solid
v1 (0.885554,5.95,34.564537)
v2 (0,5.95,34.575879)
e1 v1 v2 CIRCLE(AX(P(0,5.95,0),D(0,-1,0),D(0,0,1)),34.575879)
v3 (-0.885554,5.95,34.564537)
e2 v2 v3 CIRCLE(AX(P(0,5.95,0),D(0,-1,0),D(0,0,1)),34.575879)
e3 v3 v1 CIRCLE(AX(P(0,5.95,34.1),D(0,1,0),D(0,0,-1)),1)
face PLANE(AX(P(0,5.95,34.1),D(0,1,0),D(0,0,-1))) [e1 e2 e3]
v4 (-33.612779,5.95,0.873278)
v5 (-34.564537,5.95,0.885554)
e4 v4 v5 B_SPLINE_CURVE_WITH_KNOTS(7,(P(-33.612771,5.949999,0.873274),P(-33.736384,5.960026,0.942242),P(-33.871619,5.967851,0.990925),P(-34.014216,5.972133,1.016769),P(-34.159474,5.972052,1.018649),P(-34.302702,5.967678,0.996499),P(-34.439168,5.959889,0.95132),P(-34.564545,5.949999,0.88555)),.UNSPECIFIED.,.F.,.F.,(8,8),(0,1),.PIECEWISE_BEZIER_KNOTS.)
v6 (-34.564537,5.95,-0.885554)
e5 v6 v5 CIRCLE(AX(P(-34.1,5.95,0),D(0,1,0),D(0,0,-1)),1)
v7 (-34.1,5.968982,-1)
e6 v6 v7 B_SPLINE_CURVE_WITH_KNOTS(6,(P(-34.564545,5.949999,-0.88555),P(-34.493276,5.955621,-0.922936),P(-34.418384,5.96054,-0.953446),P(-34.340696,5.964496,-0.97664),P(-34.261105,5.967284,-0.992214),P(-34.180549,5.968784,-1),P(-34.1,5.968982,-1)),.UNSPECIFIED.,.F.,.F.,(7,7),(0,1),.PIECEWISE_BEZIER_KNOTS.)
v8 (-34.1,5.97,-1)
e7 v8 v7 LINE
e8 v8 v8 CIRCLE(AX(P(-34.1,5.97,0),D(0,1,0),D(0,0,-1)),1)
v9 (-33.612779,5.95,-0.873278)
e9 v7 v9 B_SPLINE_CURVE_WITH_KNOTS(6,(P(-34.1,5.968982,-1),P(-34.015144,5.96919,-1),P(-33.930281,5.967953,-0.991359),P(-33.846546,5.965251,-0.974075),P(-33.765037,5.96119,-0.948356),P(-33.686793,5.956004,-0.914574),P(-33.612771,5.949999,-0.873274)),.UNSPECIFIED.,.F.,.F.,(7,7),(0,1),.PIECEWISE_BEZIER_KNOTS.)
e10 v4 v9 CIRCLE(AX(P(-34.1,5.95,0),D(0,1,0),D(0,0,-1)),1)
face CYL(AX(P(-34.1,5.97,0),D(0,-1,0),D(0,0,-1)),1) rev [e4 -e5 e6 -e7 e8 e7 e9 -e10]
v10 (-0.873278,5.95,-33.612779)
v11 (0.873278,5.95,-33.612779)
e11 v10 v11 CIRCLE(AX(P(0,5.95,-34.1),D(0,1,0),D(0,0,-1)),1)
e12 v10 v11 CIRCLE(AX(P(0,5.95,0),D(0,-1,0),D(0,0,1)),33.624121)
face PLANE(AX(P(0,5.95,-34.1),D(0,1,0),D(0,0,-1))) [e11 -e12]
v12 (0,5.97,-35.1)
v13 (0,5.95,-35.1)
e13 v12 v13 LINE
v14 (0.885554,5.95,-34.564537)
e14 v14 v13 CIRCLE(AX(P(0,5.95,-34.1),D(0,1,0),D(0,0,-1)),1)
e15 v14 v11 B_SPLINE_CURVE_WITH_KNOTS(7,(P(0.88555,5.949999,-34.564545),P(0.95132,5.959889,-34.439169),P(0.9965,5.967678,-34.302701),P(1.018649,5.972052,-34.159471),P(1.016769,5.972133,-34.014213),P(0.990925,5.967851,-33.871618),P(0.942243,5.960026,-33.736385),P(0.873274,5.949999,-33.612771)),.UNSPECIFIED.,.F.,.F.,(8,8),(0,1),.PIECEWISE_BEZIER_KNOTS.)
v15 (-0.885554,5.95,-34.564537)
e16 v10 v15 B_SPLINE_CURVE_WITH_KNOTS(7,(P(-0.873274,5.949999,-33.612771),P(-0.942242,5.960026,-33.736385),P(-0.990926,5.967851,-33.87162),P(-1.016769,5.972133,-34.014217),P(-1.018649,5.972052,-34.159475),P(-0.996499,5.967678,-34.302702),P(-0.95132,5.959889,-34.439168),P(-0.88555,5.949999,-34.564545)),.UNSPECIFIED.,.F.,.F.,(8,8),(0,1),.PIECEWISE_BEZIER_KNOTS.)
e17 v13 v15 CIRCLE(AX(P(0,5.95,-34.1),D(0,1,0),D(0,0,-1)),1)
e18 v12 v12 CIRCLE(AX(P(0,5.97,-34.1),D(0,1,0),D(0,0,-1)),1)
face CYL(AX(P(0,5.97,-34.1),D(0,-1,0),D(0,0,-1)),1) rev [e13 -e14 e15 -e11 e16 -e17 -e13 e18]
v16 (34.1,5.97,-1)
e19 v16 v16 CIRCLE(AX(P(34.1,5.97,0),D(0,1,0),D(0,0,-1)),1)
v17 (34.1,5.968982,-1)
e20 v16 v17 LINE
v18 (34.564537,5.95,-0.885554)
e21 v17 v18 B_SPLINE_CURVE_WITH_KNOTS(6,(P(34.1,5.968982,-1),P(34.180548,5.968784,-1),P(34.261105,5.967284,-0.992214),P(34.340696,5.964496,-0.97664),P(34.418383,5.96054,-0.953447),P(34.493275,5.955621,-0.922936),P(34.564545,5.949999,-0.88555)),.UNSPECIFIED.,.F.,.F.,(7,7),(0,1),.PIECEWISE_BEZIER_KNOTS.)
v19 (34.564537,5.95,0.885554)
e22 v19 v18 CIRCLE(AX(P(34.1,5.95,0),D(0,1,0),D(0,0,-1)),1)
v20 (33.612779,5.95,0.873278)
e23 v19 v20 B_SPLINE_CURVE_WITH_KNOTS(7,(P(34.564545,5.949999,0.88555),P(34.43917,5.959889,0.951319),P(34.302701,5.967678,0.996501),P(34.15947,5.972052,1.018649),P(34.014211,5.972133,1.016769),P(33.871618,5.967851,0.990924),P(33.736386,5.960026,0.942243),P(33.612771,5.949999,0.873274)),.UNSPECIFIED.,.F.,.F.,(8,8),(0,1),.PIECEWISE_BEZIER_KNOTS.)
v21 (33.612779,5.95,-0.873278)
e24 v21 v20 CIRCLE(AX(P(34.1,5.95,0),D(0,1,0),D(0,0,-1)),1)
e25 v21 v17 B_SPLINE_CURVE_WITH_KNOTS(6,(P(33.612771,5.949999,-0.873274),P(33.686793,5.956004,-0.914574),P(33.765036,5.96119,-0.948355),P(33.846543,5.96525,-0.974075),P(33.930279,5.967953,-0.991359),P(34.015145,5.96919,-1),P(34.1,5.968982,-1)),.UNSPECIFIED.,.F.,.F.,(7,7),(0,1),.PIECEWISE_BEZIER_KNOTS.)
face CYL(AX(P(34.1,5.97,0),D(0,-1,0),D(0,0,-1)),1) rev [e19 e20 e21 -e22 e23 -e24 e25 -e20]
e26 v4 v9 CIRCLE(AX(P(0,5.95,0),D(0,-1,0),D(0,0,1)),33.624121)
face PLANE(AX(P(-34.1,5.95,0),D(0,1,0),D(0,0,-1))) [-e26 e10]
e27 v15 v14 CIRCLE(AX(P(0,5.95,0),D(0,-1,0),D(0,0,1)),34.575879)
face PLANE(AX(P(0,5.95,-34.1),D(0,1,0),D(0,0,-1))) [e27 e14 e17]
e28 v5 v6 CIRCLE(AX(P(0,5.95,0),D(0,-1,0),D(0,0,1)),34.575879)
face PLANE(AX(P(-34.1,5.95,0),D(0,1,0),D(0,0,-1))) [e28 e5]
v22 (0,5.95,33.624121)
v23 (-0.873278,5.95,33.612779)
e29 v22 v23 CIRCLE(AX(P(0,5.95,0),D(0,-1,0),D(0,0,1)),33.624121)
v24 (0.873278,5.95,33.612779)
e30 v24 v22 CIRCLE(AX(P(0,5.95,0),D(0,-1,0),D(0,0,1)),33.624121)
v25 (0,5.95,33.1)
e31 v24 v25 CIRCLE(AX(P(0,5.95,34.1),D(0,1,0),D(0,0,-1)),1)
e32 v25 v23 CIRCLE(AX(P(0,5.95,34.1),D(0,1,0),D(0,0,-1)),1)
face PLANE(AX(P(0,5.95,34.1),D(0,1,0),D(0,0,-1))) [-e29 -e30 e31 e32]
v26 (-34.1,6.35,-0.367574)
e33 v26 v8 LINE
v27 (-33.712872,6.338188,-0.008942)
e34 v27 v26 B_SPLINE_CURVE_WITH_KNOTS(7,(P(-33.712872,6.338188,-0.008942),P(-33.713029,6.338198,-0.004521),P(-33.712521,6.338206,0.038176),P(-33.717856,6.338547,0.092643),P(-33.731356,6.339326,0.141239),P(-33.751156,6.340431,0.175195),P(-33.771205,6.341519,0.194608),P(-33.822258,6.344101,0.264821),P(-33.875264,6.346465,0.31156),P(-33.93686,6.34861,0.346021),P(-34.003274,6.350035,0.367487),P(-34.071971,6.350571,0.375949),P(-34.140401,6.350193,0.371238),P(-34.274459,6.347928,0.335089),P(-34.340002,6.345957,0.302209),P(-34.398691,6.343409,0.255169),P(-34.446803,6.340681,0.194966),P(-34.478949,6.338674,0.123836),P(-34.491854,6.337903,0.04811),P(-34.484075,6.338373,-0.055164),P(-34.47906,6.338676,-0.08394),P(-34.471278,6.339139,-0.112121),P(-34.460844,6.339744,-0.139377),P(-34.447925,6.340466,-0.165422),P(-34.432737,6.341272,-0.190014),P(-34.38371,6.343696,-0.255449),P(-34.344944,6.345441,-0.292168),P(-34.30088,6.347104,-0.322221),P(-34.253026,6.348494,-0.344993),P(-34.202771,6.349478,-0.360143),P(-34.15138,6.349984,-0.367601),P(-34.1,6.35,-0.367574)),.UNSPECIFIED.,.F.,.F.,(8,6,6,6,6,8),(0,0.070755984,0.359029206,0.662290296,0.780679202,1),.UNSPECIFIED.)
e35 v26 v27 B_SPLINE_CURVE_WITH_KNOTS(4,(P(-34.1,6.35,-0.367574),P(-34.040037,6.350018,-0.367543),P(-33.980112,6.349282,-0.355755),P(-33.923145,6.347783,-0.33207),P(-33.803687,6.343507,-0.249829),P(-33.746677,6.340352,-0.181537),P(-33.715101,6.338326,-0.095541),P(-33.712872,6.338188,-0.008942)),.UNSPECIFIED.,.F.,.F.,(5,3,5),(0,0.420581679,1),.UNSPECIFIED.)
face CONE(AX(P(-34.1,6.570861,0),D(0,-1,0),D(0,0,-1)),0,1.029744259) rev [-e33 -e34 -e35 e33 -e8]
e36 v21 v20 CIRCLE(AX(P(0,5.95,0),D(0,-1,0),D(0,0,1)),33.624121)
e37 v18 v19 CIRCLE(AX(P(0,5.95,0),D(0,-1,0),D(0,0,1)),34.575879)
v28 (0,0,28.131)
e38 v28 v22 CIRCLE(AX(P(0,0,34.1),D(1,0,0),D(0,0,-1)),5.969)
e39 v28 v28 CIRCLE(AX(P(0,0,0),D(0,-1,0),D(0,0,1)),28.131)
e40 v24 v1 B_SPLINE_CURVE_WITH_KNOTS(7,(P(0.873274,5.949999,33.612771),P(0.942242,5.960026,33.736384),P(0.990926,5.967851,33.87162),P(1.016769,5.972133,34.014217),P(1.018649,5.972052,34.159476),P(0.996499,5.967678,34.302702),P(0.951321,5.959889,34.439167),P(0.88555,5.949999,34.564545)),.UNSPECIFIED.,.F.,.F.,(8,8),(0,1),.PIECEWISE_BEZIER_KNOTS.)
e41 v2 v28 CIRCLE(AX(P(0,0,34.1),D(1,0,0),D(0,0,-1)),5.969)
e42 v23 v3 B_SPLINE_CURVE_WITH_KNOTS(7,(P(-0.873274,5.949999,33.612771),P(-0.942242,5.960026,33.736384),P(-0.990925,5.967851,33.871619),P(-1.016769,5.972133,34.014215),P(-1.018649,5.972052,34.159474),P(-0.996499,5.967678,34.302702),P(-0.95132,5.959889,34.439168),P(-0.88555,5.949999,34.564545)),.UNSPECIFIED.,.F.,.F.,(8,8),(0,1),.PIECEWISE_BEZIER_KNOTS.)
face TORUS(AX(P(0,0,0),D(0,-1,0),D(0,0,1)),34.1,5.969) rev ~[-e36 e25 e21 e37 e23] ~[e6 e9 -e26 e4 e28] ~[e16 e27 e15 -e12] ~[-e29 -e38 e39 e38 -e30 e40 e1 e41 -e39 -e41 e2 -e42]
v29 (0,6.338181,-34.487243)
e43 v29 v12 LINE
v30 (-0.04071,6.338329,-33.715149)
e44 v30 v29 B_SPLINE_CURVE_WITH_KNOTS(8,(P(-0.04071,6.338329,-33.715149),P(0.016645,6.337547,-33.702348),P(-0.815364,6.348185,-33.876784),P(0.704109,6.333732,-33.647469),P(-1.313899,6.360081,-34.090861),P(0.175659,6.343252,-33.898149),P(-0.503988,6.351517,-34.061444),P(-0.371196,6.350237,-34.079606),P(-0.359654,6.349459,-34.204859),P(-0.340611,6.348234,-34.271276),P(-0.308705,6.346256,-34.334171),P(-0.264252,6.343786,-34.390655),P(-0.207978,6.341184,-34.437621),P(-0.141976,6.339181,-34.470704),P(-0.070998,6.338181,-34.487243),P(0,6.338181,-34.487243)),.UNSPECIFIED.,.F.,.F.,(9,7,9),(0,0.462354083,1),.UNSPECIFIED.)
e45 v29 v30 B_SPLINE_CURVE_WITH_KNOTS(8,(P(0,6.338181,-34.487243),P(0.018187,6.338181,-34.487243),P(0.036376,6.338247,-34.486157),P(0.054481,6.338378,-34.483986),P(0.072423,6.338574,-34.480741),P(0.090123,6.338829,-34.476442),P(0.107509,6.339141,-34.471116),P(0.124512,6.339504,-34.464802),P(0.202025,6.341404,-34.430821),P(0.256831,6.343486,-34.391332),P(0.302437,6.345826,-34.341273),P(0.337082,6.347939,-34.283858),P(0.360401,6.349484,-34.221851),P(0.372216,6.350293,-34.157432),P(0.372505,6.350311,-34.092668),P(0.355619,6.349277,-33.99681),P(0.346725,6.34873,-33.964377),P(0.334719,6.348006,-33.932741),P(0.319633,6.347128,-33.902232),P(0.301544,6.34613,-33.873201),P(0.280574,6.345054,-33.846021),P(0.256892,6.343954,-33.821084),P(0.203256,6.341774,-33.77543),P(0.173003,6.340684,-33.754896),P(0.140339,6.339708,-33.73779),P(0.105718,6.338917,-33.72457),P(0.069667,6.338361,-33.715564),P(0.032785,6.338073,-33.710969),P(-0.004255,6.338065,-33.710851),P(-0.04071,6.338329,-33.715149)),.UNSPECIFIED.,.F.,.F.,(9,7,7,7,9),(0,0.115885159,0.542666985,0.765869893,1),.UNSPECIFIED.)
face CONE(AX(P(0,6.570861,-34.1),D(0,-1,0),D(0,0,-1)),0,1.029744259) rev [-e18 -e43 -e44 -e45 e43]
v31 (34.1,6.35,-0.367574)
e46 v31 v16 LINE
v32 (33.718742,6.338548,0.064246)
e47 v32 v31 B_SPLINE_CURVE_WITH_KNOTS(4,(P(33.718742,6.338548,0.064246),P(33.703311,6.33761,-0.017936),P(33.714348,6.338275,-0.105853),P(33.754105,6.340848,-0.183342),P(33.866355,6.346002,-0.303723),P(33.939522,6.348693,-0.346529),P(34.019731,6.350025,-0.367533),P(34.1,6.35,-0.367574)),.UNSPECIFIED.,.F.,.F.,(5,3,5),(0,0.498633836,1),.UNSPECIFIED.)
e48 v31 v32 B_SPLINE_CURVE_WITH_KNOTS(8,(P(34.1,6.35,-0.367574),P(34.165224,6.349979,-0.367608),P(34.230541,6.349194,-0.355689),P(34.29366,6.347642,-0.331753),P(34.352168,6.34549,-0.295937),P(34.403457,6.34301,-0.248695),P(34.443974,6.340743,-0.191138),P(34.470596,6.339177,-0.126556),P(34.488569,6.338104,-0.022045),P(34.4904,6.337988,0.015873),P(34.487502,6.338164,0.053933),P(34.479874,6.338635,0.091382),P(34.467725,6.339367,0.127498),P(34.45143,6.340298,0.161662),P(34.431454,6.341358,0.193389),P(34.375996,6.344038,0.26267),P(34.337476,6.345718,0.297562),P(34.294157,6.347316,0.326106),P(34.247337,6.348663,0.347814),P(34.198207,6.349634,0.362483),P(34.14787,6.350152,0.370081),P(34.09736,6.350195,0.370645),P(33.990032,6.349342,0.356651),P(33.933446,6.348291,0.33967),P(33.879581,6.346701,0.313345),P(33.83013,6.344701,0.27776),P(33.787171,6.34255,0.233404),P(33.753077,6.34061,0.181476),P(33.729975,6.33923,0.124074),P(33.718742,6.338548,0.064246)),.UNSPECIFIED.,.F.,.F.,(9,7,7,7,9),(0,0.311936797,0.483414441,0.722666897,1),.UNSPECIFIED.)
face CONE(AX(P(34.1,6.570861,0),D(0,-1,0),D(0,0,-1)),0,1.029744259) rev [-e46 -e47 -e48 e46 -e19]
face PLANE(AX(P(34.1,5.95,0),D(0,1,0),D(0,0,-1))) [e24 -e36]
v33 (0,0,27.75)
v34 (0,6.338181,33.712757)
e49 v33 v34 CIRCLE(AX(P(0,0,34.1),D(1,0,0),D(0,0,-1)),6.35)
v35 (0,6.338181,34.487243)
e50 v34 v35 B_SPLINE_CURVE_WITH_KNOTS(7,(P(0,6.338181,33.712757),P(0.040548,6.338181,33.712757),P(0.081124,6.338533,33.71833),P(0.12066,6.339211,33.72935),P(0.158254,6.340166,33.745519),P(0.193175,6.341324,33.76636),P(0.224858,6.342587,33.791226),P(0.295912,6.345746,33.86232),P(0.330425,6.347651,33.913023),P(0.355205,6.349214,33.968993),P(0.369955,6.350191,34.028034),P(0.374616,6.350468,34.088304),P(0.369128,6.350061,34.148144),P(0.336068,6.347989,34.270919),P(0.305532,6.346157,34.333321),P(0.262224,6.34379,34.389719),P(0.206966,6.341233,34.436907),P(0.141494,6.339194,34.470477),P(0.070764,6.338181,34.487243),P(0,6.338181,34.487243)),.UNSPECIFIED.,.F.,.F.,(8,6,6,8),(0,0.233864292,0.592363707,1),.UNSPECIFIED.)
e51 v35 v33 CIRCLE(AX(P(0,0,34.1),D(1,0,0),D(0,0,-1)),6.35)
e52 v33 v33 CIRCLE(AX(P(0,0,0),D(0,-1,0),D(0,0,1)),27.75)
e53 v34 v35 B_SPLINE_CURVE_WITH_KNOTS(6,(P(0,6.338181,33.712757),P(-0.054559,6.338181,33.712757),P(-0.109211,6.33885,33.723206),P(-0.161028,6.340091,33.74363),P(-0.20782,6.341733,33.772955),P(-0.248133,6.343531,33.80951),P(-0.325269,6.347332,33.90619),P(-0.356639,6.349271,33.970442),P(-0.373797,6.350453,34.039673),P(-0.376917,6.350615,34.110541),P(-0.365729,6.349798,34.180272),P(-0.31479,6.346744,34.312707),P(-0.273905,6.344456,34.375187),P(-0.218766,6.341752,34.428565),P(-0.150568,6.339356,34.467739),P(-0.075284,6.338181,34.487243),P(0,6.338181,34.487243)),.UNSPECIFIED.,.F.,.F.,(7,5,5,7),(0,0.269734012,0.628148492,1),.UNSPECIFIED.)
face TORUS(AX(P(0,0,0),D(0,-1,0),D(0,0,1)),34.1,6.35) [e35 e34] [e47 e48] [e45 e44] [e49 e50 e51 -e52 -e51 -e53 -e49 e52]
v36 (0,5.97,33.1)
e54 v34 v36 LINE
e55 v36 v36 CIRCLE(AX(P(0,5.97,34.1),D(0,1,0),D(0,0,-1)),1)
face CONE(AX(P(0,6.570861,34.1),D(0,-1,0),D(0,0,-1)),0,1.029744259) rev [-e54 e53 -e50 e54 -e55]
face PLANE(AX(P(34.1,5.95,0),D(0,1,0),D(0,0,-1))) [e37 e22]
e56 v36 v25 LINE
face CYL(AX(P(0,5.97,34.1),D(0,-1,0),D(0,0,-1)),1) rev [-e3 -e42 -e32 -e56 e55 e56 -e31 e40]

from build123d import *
from build123d.topology import SkipClean

# Parameters (mm, degrees)
SKETCH83_R                     = 6.35
SKETCH83_R_2                   = 5.969
F_2_0MM_DOWEL_HOLE1_AT_2_COUNT = 2
F_2_0MM_DOWEL_HOLE1_AT_2_PITCH = 48.224682477
F_2_0MM_DOWEL_HOLE1_AT_3_COUNT = 2
F_2_0MM_DOWEL_HOLE1_AT_3_PITCH = 68.2
F_2_0MM_DOWEL_HOLE1_AT_4_COUNT = 2
F_2_0MM_DOWEL_HOLE1_AT_4_PITCH = 48.224682477


with BuildPart() as part:
    # Sketch83 → Revolve2 (revolve)
    with BuildSketch(Plane.XY, mode=Mode.PRIVATE) as revolve2_sk:
        with Locations((-34.1, 0)):
            Circle(SKETCH83_R)
        with Locations((-34.1, 0)):
            Circle(SKETCH83_R_2, mode=Mode.SUBTRACT)
    revolve(revolve2_sk.sketch.rotate(Axis((0, 14.113315056, 0), (0, -1, 0)), 270), axis=Axis((0, 14.113315056, 0), (0, -1, 0)))

    # Sketch88 → Ø2.0mm Dowel Hole1 (revolve, cut)
    with BuildSketch(Plane(origin=(-34.1, 5.95, 0), x_dir=(0, 0, -1), z_dir=(1, 0, 0))):
        Polygon((0, 0), (0, 0.620860619), (1, 0.02), (1, 0), align=None)
    f_2_0mm_dowel_hole1 = revolve(axis=Axis((-34.1, -0.4, 0), (0, 1, 0)), mode=Mode.SUBTRACT)

    # Ø2.0mm Dowel Hole1 at 2: Ø2.0mm Dowel Hole1 ×2
    with Locations(*[Vector(0.7071067811865488, 0, -0.7071067811865462) * (i * F_2_0MM_DOWEL_HOLE1_AT_2_PITCH) for i in range(1, F_2_0MM_DOWEL_HOLE1_AT_2_COUNT)]):
        add(f_2_0mm_dowel_hole1, mode=Mode.SUBTRACT)

    # Ø2.0mm Dowel Hole1 at 3: Ø2.0mm Dowel Hole1 ×2
    with SkipClean():  # the faces are left unmerged after this step: merging them gives an invalid solid
        with Locations(*[(i * F_2_0MM_DOWEL_HOLE1_AT_3_PITCH, 0, 0) for i in range(1, F_2_0MM_DOWEL_HOLE1_AT_3_COUNT)]):
            add(f_2_0mm_dowel_hole1, mode=Mode.SUBTRACT)

    # Ø2.0mm Dowel Hole1 at 4: Ø2.0mm Dowel Hole1 ×2
    with SkipClean():  # the faces are left unmerged after this step: merging them gives an invalid solid
        with Locations(*[Vector(0.707106781186544, 0, 0.7071067811865512) * (i * F_2_0MM_DOWEL_HOLE1_AT_4_PITCH) for i in range(1, F_2_0MM_DOWEL_HOLE1_AT_4_COUNT)]):
            add(f_2_0mm_dowel_hole1, mode=Mode.SUBTRACT)


solid = part.part
